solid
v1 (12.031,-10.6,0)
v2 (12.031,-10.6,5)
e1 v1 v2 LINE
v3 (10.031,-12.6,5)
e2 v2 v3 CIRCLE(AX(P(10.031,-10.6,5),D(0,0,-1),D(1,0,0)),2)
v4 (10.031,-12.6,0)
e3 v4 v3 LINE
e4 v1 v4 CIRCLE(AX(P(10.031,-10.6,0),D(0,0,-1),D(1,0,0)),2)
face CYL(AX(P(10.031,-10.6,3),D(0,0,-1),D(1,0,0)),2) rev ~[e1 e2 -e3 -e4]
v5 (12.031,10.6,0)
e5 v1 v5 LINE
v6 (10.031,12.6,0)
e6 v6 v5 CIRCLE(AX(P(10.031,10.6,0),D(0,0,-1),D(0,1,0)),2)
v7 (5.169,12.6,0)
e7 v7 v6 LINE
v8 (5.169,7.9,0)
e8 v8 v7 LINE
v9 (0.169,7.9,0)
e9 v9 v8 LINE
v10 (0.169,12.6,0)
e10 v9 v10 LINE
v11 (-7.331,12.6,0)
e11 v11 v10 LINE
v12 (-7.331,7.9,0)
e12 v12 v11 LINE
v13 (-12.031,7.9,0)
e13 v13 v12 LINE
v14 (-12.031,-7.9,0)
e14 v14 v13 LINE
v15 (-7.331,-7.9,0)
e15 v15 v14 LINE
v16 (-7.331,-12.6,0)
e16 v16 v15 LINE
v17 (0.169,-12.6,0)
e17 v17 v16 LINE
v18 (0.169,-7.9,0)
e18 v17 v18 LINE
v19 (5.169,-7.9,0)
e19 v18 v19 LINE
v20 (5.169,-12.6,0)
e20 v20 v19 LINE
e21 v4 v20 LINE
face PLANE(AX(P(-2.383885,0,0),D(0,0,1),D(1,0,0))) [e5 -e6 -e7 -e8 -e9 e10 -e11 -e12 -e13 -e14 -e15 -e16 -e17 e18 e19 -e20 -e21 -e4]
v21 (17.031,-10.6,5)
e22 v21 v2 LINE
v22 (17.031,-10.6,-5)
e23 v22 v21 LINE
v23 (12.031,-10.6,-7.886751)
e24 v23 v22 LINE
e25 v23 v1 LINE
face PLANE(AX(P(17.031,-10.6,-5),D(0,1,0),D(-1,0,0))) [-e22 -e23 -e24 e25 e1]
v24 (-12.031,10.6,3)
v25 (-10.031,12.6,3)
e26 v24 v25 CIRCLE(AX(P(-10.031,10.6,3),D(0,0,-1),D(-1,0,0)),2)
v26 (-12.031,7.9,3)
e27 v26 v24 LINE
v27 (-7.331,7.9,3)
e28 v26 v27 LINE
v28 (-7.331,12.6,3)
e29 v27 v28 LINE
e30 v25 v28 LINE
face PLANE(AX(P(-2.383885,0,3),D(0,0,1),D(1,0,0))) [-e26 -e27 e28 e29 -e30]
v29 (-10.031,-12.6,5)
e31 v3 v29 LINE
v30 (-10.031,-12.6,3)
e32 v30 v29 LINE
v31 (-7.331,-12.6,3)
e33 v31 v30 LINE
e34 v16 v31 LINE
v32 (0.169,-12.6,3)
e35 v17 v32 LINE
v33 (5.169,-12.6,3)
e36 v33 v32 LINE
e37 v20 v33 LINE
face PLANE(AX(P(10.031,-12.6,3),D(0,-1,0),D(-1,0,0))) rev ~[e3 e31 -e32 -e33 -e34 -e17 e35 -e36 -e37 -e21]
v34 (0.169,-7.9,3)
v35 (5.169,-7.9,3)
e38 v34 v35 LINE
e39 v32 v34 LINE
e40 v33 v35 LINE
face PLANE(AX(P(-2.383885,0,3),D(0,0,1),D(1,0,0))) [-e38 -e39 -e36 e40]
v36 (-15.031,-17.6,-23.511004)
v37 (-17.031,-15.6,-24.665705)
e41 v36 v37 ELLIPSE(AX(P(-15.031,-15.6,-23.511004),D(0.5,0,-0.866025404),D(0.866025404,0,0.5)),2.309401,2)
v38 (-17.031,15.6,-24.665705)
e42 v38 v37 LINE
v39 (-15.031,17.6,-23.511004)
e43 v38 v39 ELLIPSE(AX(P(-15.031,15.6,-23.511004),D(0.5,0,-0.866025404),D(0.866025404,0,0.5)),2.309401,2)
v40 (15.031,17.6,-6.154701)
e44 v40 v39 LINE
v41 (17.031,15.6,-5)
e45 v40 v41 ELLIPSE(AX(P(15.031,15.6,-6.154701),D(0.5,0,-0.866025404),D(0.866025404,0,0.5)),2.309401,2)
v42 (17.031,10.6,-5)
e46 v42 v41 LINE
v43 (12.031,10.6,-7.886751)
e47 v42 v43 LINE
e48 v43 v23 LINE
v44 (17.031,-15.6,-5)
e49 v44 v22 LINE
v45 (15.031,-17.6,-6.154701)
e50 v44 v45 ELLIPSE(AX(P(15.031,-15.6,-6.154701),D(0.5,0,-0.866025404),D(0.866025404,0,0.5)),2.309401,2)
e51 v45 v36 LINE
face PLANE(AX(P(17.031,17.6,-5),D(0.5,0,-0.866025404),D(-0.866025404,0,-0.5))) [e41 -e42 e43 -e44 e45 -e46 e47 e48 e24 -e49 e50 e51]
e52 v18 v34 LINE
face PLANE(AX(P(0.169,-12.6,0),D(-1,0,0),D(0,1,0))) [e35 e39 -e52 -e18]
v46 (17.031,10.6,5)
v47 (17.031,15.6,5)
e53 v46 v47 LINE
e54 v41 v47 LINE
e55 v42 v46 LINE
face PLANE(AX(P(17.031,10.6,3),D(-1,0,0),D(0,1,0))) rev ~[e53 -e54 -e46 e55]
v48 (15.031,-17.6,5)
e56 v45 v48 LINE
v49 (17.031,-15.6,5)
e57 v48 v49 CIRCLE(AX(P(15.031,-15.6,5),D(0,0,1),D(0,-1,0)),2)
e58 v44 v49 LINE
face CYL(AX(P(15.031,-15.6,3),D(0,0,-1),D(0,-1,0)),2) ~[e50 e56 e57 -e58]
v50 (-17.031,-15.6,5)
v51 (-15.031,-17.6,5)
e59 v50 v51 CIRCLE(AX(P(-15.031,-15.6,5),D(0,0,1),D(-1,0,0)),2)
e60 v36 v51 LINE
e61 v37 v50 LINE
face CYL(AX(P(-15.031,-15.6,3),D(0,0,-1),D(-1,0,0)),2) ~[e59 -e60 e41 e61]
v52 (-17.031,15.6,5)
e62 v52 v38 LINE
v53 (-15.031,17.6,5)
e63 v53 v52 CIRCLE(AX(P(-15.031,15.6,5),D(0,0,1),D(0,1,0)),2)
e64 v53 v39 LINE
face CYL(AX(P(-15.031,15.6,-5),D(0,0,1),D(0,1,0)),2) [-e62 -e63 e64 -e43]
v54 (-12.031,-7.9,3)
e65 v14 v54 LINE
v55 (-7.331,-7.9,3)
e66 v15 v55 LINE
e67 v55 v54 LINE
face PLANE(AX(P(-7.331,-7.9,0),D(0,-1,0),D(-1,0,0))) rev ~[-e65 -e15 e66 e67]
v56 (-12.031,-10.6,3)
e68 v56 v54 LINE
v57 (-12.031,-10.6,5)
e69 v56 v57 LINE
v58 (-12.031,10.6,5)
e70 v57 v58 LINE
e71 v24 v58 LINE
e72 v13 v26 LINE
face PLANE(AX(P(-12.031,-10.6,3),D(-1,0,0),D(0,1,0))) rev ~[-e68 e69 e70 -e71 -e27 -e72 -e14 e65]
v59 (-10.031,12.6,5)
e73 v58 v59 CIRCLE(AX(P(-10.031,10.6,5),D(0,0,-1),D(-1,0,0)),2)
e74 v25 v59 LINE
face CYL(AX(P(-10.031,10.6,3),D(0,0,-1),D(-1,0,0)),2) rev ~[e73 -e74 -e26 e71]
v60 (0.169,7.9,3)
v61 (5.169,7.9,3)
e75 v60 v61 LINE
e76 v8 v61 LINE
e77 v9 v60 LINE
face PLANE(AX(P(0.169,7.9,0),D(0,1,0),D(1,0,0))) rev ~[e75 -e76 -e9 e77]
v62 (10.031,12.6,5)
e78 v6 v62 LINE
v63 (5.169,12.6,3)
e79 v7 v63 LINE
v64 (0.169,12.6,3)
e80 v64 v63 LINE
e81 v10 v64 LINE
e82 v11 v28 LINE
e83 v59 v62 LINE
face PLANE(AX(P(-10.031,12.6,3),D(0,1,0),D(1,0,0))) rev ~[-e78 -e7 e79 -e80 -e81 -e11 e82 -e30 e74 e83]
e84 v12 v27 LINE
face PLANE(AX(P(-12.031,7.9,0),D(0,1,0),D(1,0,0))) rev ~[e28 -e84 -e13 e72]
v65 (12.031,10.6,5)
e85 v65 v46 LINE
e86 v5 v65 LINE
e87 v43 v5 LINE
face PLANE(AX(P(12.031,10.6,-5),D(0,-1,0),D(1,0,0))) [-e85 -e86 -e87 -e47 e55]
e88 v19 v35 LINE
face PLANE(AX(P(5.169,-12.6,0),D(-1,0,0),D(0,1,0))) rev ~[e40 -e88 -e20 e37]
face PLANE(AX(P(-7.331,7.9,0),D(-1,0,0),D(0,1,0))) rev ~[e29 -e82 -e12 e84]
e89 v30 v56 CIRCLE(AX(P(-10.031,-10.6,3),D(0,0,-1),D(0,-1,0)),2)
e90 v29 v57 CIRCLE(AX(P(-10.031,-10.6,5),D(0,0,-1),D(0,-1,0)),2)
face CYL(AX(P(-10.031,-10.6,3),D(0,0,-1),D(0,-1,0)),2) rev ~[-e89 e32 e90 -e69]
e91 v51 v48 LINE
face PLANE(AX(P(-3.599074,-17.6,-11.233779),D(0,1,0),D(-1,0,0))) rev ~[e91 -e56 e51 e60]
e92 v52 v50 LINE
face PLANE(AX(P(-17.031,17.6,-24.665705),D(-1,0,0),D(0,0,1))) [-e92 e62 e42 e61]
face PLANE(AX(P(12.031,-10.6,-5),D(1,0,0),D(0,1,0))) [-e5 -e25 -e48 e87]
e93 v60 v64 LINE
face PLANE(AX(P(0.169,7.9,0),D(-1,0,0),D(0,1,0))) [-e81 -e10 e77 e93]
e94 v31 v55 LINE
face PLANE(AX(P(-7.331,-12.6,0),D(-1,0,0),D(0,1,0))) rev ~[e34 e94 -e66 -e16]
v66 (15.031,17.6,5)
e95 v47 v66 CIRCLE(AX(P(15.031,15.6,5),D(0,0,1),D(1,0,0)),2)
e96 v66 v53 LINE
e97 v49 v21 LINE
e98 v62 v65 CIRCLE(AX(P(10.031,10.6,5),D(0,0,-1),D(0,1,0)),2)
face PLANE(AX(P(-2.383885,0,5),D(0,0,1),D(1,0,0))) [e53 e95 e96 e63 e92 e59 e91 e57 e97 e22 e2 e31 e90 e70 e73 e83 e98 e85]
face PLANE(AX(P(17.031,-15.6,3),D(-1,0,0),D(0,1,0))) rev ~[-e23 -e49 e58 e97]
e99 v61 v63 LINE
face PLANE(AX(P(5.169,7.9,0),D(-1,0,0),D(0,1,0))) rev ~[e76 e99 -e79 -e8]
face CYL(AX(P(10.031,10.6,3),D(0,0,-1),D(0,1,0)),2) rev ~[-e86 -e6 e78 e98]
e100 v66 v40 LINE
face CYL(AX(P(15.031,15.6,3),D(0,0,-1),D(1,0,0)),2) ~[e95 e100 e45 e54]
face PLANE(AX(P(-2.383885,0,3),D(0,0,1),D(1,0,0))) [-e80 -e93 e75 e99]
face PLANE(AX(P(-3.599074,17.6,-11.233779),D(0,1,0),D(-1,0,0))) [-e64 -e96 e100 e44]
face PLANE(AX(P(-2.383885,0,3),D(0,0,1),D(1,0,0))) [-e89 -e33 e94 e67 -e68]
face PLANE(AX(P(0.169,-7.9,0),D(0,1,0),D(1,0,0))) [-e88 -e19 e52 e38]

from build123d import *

# Parameters (mm, degrees)
F0_W     = 5
F0_H     = 4.7
F1_DEPTH = 5
F2_DEPTH = 3
F4_DEPTH = 2
F6_DEPTH = 35.2
F7_DEPTH = 25
F8_DEPTH = 25


with BuildPart() as f1:
    # F0 (on Top) → F1 (new body)
    with BuildSketch(Plane.XY):
        with BuildLine():
            ThreePointArc((12.031, -10.6), (11.4452135624, -12.0142135624), (10.031, -12.6))
            Line((10.031, -12.6), (5.169, -12.6))
            Line((5.169, -12.6), (0.169, -12.6))
            Line((0.169, -12.6), (-7.331, -12.6))
            Line((-7.331, -12.6), (-10.031, -12.6))
            ThreePointArc((-10.031, -12.6), (-11.4452135624, -12.0142135624), (-12.031, -10.6))
            Line((-12.031, -10.6), (-12.031, -7.9))
            Line((-12.031, -7.9), (-12.031, 7.9))
            Line((-12.031, 7.9), (-12.031, 10.6))
            ThreePointArc((-12.031, 10.6), (-11.4452135624, 12.0142135624), (-10.031, 12.6))
            Line((-10.031, 12.6), (-7.331, 12.6))
            Line((-7.331, 12.6), (0.169, 12.6))
            Line((0.169, 12.6), (5.169, 12.6))
            Line((5.169, 12.6), (10.031, 12.6))
            ThreePointArc((10.031, 12.6), (11.4452135624, 12.0142135624), (12.031, 10.6))
            Line((12.031, 10.6), (17.031, 10.6))
            Line((17.031, 10.6), (17.031, 15.6))
            ThreePointArc((17.031, 15.6), (16.4452135624, 17.0142135624), (15.031, 17.6))
            Line((15.031, 17.6), (-15.031, 17.6))
            ThreePointArc((-15.031, 17.6), (-16.4452135624, 17.0142135624), (-17.031, 15.6))
            Line((-17.031, 15.6), (-17.031, -15.6))
            ThreePointArc((-17.031, -15.6), (-16.4452135624, -17.0142135624), (-15.031, -17.6))
            Line((-15.031, -17.6), (15.031, -17.6))
            ThreePointArc((15.031, -17.6), (16.4452135624, -17.0142135624), (17.031, -15.6))
            Line((17.031, -15.6), (17.031, -10.6))
            Line((17.031, -10.6), (12.031, -10.6))
        make_face()
        with BuildLine():
            Line((5.169, -12.6), (10.031, -12.6))
            ThreePointArc((10.031, -12.6), (11.4452135624, -12.0142135624), (12.031, -10.6))
            Line((12.031, -10.6), (12.031, -10.4))
            Line((12.031, -10.4), (12.031, 10.4))
            Line((12.031, 10.4), (12.031, 10.6))
            ThreePointArc((12.031, 10.6), (11.4452135624, 12.0142135624), (10.031, 12.6))
            Line((10.031, 12.6), (5.169, 12.6))
            Line((5.169, 12.6), (5.169, 7.9))
            Line((5.169, 7.9), (0.169, 7.9))
            Line((0.169, 7.9), (0.169, 12.6))
            Line((0.169, 12.6), (-7.331, 12.6))
            Line((-7.331, 12.6), (-7.331, 7.9))
            Line((-7.331, 7.9), (-12.031, 7.9))
            Line((-12.031, 7.9), (-12.031, -7.9))
            Line((-12.031, -7.9), (-7.331, -7.9))
            Line((-7.331, -7.9), (-7.331, -12.6))
            Line((-7.331, -12.6), (0.169, -12.6))
            Line((0.169, -12.6), (0.169, -7.9))
            Line((0.169, -7.9), (5.169, -7.9))
            Line((5.169, -7.9), (5.169, -12.6))
        make_face()
        with BuildLine():
            Line((-12.031, 10.6), (-12.031, 7.9))
            Line((-12.031, 7.9), (-7.331, 7.9))
            Line((-7.331, 7.9), (-7.331, 12.6))
            Line((-7.331, 12.6), (-10.031, 12.6))
            ThreePointArc((-10.031, 12.6), (-11.4452135624, 12.0142135624), (-12.031, 10.6))
        make_face()
        with Locations((2.669, 10.25)):
            Rectangle(F0_W, F0_H)
        with Locations((2.669, -10.25)):
            Rectangle(F0_W, F0_H)
        with BuildLine():
            Line((-10.031, -12.6), (-7.331, -12.6))
            Line((-7.331, -12.6), (-7.331, -7.9))
            Line((-7.331, -7.9), (-12.031, -7.9))
            Line((-12.031, -7.9), (-12.031, -10.6))
            ThreePointArc((-12.031, -10.6), (-11.4452135624, -12.0142135624), (-10.031, -12.6))
        make_face()
    extrude(amount=-F1_DEPTH)

    # F0 (on Top) → F2 (join)
    with BuildSketch(Plane.XY):
        with BuildLine():
            ThreePointArc((12.031, -10.6), (11.4452135624, -12.0142135624), (10.031, -12.6))
            Line((10.031, -12.6), (5.169, -12.6))
            Line((5.169, -12.6), (0.169, -12.6))
            Line((0.169, -12.6), (-7.331, -12.6))
            Line((-7.331, -12.6), (-10.031, -12.6))
            ThreePointArc((-10.031, -12.6), (-11.4452135624, -12.0142135624), (-12.031, -10.6))
            Line((-12.031, -10.6), (-12.031, -7.9))
            Line((-12.031, -7.9), (-12.031, 7.9))
            Line((-12.031, 7.9), (-12.031, 10.6))
            ThreePointArc((-12.031, 10.6), (-11.4452135624, 12.0142135624), (-10.031, 12.6))
            Line((-10.031, 12.6), (-7.331, 12.6))
            Line((-7.331, 12.6), (0.169, 12.6))
            Line((0.169, 12.6), (5.169, 12.6))
            Line((5.169, 12.6), (10.031, 12.6))
            ThreePointArc((10.031, 12.6), (11.4452135624, 12.0142135624), (12.031, 10.6))
            Line((12.031, 10.6), (17.031, 10.6))
            Line((17.031, 10.6), (17.031, 15.6))
            ThreePointArc((17.031, 15.6), (16.4452135624, 17.0142135624), (15.031, 17.6))
            Line((15.031, 17.6), (-15.031, 17.6))
            ThreePointArc((-15.031, 17.6), (-16.4452135624, 17.0142135624), (-17.031, 15.6))
            Line((-17.031, 15.6), (-17.031, -15.6))
            ThreePointArc((-17.031, -15.6), (-16.4452135624, -17.0142135624), (-15.031, -17.6))
            Line((-15.031, -17.6), (15.031, -17.6))
            ThreePointArc((15.031, -17.6), (16.4452135624, -17.0142135624), (17.031, -15.6))
            Line((17.031, -15.6), (17.031, -10.6))
            Line((17.031, -10.6), (12.031, -10.6))
        make_face()
        with BuildLine():
            Line((-12.031, 10.6), (-12.031, 7.9))
            Line((-12.031, 7.9), (-7.331, 7.9))
            Line((-7.331, 7.9), (-7.331, 12.6))
            Line((-7.331, 12.6), (-10.031, 12.6))
            ThreePointArc((-10.031, 12.6), (-11.4452135624, 12.0142135624), (-12.031, 10.6))
        make_face()
        with Locations((2.669, 10.25)):
            Rectangle(F0_W, F0_H)
        with Locations((2.669, -10.25)):
            Rectangle(F0_W, F0_H)
        with BuildLine():
            Line((-10.031, -12.6), (-7.331, -12.6))
            Line((-7.331, -12.6), (-7.331, -7.9))
            Line((-7.331, -7.9), (-12.031, -7.9))
            Line((-12.031, -7.9), (-12.031, -10.6))
            ThreePointArc((-12.031, -10.6), (-11.4452135624, -12.0142135624), (-10.031, -12.6))
        make_face()
    extrude(amount=F2_DEPTH)

    # F3 (on face) → F4 (join)
    with BuildSketch(Plane.XY.offset(3)):
        with BuildLine():
            ThreePointArc((-12.031, 10.6), (-11.4452135624, 12.0142135624), (-10.031, 12.6))
            Line((-10.031, 12.6), (-7.331, 12.6))
            Line((-7.331, 12.6), (0.169, 12.6))
            Line((0.169, 12.6), (5.169, 12.6))
            Line((5.169, 12.6), (10.031, 12.6))
            ThreePointArc((10.031, 12.6), (11.4452135624, 12.0142135624), (12.031, 10.6))
            Line((12.031, 10.6), (17.031, 10.6))
            Line((17.031, 10.6), (17.031, 15.6))
            ThreePointArc((17.031, 15.6), (16.4452135624, 17.0142135624), (15.031, 17.6))
            Line((15.031, 17.6), (-15.031, 17.6))
            ThreePointArc((-15.031, 17.6), (-16.4452135624, 17.0142135624), (-17.031, 15.6))
            Line((-17.031, 15.6), (-17.031, -15.6))
            ThreePointArc((-17.031, -15.6), (-16.4452135624, -17.0142135624), (-15.031, -17.6))
            Line((-15.031, -17.6), (15.031, -17.6))
            ThreePointArc((15.031, -17.6), (16.4452135624, -17.0142135624), (17.031, -15.6))
            Line((17.031, -15.6), (17.031, -10.6))
            Line((17.031, -10.6), (12.031, -10.6))
            ThreePointArc((12.031, -10.6), (11.4452135624, -12.0142135624), (10.031, -12.6))
            Line((10.031, -12.6), (5.169, -12.6))
            Line((5.169, -12.6), (0.169, -12.6))
            Line((0.169, -12.6), (-7.331, -12.6))
            Line((-7.331, -12.6), (-10.031, -12.6))
            ThreePointArc((-10.031, -12.6), (-11.4452135624, -12.0142135624), (-12.031, -10.6))
            Line((-12.031, -10.6), (-12.031, -7.9))
            Line((-12.031, -7.9), (-12.031, 7.9))
            Line((-12.031, 7.9), (-12.031, 10.6))
        make_face()
    extrude(amount=F4_DEPTH)

    # F5 (on face) → F6 (join, through all)
    with BuildSketch(Plane(origin=(0, 17.6, 0), x_dir=(-1, 0, 0), z_dir=(0, 1, 0))):
        Polygon((17.031, -24.6657048691), (17.031, -5), (15.031, -5), (-15.031, -5), (-17.031, -5), align=None)
    extrude(amount=-F6_DEPTH)

    # F7 (cut): faces of the model
    f7_faces = [f1.faces().sort_by_distance(p)[0] for p in [
        (-16.5842641221, -17.1532641221, -5),
        (-16.5842641221, 17.1532641221, -5),
        (16.5842641221, 17.1532641221, -5),
        (16.5842641221, -17.1532641221, -5),
    ]]
    extrude(f7_faces, amount=-F7_DEPTH, mode=Mode.SUBTRACT)

    # F8 (cut): a face of the model
    f8_faces = [f1.faces().sort_by_distance(p)[0] for p in [
        (14.531, 0, -5),
    ]]
    extrude(f8_faces, amount=-F8_DEPTH, mode=Mode.SUBTRACT)


solid = f1.part
